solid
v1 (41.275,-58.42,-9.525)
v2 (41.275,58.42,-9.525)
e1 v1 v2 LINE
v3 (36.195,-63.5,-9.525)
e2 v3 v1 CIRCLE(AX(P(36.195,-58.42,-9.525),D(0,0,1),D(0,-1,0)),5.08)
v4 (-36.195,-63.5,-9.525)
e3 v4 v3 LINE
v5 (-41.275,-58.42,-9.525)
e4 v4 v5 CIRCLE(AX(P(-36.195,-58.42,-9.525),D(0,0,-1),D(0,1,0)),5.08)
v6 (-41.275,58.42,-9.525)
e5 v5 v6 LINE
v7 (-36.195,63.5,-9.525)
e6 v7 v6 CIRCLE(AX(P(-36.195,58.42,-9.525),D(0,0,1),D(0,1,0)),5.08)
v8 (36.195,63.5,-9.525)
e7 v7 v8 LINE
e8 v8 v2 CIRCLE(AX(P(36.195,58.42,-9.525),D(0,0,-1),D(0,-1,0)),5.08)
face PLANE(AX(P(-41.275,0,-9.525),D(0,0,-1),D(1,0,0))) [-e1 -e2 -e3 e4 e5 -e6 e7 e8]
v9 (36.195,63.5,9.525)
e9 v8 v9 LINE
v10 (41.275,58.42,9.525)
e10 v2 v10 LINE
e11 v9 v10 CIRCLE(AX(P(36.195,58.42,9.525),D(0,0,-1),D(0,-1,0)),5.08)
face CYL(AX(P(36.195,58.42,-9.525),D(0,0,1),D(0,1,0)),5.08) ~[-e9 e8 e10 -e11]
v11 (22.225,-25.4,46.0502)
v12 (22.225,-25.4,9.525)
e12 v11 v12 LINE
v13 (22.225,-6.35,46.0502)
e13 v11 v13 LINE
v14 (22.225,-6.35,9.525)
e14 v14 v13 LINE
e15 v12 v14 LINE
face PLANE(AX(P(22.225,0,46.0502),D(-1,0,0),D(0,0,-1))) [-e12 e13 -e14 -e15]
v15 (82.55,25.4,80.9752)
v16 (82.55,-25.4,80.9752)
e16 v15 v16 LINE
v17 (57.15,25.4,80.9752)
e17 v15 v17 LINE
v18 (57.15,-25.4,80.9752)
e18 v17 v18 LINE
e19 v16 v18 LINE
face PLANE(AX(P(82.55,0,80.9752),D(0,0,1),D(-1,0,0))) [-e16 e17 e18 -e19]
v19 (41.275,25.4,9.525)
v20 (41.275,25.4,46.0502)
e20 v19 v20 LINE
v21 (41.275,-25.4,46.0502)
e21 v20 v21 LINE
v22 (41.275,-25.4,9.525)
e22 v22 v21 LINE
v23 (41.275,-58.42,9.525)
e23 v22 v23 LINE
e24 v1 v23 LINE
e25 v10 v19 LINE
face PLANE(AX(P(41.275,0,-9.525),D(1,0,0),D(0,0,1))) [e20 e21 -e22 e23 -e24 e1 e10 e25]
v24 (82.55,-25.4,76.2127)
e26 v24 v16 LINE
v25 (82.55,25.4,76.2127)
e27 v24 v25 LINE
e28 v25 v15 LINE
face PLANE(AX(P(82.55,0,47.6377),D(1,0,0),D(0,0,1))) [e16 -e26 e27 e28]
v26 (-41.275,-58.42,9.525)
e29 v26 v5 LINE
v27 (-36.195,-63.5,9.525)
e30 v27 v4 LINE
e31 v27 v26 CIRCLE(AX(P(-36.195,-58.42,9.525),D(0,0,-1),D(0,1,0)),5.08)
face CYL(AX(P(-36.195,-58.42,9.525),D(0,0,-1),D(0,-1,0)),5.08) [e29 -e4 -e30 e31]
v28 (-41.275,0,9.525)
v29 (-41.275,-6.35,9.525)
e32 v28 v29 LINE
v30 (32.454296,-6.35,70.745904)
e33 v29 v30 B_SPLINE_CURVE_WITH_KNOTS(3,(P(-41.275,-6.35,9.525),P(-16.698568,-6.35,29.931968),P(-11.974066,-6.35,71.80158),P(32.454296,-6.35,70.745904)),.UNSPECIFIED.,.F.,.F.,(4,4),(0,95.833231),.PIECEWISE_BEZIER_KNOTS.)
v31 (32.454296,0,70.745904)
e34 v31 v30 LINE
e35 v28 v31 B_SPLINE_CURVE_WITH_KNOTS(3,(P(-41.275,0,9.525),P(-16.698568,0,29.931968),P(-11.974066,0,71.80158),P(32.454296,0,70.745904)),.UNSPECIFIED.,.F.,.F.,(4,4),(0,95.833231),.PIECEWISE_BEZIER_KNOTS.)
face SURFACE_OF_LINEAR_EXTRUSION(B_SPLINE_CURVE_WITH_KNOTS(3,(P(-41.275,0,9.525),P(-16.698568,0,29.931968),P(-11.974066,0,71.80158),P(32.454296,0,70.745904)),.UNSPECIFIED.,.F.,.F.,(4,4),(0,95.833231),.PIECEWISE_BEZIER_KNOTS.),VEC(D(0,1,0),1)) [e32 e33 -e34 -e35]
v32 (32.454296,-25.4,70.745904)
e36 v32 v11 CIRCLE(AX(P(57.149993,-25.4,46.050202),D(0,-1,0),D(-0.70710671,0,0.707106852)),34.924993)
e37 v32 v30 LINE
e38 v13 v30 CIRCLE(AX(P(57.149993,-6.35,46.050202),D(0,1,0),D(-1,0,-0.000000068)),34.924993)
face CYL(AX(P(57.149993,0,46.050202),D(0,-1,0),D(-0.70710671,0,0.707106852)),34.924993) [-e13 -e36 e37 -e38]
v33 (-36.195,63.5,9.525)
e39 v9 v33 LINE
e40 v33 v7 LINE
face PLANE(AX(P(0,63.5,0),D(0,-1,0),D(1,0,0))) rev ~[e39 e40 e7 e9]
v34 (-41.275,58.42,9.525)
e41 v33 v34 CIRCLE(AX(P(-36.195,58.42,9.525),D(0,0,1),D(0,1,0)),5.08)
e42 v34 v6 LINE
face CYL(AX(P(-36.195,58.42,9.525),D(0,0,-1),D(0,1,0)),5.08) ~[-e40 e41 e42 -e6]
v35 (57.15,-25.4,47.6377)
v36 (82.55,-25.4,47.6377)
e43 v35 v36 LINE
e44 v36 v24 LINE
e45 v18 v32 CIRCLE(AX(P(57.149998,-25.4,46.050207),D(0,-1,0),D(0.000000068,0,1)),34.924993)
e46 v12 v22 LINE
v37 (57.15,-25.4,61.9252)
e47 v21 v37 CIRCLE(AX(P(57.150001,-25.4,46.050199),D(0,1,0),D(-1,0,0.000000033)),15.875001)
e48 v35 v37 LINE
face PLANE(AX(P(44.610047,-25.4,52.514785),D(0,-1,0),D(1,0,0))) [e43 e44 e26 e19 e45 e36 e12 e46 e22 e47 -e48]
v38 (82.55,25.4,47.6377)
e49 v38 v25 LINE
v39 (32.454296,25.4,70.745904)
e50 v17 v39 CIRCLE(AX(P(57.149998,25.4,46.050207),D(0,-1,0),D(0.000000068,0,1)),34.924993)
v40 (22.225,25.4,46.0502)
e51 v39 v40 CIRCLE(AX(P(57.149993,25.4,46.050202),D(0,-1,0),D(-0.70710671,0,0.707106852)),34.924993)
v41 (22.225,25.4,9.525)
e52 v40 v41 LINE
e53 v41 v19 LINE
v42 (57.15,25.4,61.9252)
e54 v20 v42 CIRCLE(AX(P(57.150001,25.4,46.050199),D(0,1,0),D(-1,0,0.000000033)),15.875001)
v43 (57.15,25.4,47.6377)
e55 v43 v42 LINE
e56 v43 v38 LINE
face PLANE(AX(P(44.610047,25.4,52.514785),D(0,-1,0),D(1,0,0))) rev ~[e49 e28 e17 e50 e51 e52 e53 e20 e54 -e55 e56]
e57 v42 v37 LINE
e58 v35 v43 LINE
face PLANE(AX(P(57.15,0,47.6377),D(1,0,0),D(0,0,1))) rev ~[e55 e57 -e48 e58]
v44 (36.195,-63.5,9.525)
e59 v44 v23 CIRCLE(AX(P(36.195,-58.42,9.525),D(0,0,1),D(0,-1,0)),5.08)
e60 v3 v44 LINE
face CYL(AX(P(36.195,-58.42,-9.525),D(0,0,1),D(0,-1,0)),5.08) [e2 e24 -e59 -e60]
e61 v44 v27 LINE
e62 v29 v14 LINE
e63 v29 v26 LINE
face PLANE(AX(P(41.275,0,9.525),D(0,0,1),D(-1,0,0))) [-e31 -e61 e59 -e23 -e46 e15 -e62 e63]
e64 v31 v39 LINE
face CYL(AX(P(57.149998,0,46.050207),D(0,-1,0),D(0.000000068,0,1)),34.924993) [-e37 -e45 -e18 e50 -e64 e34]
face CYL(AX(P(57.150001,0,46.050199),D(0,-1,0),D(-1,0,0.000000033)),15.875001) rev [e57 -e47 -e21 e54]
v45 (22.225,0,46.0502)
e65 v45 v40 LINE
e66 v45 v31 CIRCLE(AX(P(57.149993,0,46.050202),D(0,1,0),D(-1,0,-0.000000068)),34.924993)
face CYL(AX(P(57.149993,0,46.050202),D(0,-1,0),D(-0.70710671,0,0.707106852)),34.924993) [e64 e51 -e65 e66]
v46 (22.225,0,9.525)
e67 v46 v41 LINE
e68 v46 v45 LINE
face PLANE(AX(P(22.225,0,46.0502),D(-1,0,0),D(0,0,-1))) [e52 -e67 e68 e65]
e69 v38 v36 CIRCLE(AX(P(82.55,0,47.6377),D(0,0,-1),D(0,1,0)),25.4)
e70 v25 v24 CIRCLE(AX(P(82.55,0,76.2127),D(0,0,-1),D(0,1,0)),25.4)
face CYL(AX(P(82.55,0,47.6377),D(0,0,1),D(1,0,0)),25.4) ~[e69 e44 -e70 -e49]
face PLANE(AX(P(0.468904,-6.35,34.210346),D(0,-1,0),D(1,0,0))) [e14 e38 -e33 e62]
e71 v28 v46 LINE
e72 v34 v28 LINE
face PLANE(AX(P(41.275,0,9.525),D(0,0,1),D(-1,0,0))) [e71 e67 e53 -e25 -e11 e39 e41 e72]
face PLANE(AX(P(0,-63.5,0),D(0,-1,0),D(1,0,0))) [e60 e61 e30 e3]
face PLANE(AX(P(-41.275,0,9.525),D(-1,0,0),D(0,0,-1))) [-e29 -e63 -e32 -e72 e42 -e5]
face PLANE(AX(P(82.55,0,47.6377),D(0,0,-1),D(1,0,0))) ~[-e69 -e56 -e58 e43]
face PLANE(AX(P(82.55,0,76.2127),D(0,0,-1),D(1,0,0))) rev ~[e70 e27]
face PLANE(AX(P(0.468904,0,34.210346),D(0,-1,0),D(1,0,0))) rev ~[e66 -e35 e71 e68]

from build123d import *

# Parameters (mm, degrees)
F1_DEPTH = 63.5
F0_W     = 25.4
F0_H     = 14.2875
F2_DEPTH = 25.4
F3_DEPTH = 6.35
F5_R     = 5.08


with BuildPart() as f1:
    # F0 (on Front) → F1 (new body, symmetric)
    with BuildSketch(Plane.XZ):
        Polygon((41.275, -9.525), (41.275, 9.525), (22.225, 9.525), (-41.275, 9.525), (-41.275, -9.525), align=None)
    extrude(amount=F1_DEPTH, both=True)

    # F0 (on Front) → F2 (join, symmetric)
    with BuildSketch(Plane.XZ):
        with BuildLine():
            Line((22.225, 9.525), (41.275, 9.525))
            Line((41.275, 9.525), (41.275, 46.0502))
            ThreePointArc((41.275, 46.0502), (45.92468, 57.27552), (57.15, 61.9252))
            Line((57.15, 61.9252), (57.15, 76.2127))
            Line((57.15, 76.2127), (82.55, 76.2127))
            Line((82.55, 76.2127), (82.55, 80.9752))
            Line((82.55, 80.9752), (57.15, 80.9752))
            ThreePointArc((57.15, 80.9752), (43.784781, 78.316693), (32.454296, 70.745904))
            ThreePointArc((32.454296, 70.745904), (24.883507, 59.415419), (22.225, 46.0502))
            Line((22.225, 46.0502), (22.225, 9.525))
        make_face()
        with Locations((69.85, 69.06895)):
            Rectangle(F0_W, F0_H)
        with Locations((69.85, 54.78145)):
            Rectangle(F0_W, F0_H)
    extrude(amount=F2_DEPTH, both=True)

    # F0 (on Front) → F3 (join)
    with BuildSketch(Plane.XZ):
        with BuildLine():
            Line((-41.275, 9.525), (22.225, 9.525))
            Line((22.225, 9.525), (22.225, 46.0502))
            ThreePointArc((22.225, 46.0502), (24.883507, 59.415419), (32.454296, 70.745904))
            add(Edge.make_bspline(
                [(-41.275, 9.525), (-16.698568, 29.931968), (-11.974066, 71.80158), (32.454296, 70.745904)],
                knots=[0, 0, 0, 0, 95.833231, 95.833231, 95.833231, 95.833231], degree=3))
        make_face()
    extrude(amount=F3_DEPTH)

    # F0 (on Front) → F4 (revolve)
    with BuildSketch(Plane.XZ):
        Polygon((82.55, 76.2127), (82.55, 61.9252), (82.55, 47.6377), (107.95, 47.6377), (107.95, 76.2127), align=None)
    revolve(axis=Axis((82.55, 0, 64.30645), (0, 0, -1)))

    # F5
    f5_edges = [f1.edges().sort_by_distance(p)[0] for p in [
        (-41.275, -63.5, 0),
        (41.275, -63.5, 0),
        (-41.275, 63.5, 0),
        (41.275, 63.5, 0),
    ]]
    fillet(f5_edges, radius=F5_R)


solid = f1.part
